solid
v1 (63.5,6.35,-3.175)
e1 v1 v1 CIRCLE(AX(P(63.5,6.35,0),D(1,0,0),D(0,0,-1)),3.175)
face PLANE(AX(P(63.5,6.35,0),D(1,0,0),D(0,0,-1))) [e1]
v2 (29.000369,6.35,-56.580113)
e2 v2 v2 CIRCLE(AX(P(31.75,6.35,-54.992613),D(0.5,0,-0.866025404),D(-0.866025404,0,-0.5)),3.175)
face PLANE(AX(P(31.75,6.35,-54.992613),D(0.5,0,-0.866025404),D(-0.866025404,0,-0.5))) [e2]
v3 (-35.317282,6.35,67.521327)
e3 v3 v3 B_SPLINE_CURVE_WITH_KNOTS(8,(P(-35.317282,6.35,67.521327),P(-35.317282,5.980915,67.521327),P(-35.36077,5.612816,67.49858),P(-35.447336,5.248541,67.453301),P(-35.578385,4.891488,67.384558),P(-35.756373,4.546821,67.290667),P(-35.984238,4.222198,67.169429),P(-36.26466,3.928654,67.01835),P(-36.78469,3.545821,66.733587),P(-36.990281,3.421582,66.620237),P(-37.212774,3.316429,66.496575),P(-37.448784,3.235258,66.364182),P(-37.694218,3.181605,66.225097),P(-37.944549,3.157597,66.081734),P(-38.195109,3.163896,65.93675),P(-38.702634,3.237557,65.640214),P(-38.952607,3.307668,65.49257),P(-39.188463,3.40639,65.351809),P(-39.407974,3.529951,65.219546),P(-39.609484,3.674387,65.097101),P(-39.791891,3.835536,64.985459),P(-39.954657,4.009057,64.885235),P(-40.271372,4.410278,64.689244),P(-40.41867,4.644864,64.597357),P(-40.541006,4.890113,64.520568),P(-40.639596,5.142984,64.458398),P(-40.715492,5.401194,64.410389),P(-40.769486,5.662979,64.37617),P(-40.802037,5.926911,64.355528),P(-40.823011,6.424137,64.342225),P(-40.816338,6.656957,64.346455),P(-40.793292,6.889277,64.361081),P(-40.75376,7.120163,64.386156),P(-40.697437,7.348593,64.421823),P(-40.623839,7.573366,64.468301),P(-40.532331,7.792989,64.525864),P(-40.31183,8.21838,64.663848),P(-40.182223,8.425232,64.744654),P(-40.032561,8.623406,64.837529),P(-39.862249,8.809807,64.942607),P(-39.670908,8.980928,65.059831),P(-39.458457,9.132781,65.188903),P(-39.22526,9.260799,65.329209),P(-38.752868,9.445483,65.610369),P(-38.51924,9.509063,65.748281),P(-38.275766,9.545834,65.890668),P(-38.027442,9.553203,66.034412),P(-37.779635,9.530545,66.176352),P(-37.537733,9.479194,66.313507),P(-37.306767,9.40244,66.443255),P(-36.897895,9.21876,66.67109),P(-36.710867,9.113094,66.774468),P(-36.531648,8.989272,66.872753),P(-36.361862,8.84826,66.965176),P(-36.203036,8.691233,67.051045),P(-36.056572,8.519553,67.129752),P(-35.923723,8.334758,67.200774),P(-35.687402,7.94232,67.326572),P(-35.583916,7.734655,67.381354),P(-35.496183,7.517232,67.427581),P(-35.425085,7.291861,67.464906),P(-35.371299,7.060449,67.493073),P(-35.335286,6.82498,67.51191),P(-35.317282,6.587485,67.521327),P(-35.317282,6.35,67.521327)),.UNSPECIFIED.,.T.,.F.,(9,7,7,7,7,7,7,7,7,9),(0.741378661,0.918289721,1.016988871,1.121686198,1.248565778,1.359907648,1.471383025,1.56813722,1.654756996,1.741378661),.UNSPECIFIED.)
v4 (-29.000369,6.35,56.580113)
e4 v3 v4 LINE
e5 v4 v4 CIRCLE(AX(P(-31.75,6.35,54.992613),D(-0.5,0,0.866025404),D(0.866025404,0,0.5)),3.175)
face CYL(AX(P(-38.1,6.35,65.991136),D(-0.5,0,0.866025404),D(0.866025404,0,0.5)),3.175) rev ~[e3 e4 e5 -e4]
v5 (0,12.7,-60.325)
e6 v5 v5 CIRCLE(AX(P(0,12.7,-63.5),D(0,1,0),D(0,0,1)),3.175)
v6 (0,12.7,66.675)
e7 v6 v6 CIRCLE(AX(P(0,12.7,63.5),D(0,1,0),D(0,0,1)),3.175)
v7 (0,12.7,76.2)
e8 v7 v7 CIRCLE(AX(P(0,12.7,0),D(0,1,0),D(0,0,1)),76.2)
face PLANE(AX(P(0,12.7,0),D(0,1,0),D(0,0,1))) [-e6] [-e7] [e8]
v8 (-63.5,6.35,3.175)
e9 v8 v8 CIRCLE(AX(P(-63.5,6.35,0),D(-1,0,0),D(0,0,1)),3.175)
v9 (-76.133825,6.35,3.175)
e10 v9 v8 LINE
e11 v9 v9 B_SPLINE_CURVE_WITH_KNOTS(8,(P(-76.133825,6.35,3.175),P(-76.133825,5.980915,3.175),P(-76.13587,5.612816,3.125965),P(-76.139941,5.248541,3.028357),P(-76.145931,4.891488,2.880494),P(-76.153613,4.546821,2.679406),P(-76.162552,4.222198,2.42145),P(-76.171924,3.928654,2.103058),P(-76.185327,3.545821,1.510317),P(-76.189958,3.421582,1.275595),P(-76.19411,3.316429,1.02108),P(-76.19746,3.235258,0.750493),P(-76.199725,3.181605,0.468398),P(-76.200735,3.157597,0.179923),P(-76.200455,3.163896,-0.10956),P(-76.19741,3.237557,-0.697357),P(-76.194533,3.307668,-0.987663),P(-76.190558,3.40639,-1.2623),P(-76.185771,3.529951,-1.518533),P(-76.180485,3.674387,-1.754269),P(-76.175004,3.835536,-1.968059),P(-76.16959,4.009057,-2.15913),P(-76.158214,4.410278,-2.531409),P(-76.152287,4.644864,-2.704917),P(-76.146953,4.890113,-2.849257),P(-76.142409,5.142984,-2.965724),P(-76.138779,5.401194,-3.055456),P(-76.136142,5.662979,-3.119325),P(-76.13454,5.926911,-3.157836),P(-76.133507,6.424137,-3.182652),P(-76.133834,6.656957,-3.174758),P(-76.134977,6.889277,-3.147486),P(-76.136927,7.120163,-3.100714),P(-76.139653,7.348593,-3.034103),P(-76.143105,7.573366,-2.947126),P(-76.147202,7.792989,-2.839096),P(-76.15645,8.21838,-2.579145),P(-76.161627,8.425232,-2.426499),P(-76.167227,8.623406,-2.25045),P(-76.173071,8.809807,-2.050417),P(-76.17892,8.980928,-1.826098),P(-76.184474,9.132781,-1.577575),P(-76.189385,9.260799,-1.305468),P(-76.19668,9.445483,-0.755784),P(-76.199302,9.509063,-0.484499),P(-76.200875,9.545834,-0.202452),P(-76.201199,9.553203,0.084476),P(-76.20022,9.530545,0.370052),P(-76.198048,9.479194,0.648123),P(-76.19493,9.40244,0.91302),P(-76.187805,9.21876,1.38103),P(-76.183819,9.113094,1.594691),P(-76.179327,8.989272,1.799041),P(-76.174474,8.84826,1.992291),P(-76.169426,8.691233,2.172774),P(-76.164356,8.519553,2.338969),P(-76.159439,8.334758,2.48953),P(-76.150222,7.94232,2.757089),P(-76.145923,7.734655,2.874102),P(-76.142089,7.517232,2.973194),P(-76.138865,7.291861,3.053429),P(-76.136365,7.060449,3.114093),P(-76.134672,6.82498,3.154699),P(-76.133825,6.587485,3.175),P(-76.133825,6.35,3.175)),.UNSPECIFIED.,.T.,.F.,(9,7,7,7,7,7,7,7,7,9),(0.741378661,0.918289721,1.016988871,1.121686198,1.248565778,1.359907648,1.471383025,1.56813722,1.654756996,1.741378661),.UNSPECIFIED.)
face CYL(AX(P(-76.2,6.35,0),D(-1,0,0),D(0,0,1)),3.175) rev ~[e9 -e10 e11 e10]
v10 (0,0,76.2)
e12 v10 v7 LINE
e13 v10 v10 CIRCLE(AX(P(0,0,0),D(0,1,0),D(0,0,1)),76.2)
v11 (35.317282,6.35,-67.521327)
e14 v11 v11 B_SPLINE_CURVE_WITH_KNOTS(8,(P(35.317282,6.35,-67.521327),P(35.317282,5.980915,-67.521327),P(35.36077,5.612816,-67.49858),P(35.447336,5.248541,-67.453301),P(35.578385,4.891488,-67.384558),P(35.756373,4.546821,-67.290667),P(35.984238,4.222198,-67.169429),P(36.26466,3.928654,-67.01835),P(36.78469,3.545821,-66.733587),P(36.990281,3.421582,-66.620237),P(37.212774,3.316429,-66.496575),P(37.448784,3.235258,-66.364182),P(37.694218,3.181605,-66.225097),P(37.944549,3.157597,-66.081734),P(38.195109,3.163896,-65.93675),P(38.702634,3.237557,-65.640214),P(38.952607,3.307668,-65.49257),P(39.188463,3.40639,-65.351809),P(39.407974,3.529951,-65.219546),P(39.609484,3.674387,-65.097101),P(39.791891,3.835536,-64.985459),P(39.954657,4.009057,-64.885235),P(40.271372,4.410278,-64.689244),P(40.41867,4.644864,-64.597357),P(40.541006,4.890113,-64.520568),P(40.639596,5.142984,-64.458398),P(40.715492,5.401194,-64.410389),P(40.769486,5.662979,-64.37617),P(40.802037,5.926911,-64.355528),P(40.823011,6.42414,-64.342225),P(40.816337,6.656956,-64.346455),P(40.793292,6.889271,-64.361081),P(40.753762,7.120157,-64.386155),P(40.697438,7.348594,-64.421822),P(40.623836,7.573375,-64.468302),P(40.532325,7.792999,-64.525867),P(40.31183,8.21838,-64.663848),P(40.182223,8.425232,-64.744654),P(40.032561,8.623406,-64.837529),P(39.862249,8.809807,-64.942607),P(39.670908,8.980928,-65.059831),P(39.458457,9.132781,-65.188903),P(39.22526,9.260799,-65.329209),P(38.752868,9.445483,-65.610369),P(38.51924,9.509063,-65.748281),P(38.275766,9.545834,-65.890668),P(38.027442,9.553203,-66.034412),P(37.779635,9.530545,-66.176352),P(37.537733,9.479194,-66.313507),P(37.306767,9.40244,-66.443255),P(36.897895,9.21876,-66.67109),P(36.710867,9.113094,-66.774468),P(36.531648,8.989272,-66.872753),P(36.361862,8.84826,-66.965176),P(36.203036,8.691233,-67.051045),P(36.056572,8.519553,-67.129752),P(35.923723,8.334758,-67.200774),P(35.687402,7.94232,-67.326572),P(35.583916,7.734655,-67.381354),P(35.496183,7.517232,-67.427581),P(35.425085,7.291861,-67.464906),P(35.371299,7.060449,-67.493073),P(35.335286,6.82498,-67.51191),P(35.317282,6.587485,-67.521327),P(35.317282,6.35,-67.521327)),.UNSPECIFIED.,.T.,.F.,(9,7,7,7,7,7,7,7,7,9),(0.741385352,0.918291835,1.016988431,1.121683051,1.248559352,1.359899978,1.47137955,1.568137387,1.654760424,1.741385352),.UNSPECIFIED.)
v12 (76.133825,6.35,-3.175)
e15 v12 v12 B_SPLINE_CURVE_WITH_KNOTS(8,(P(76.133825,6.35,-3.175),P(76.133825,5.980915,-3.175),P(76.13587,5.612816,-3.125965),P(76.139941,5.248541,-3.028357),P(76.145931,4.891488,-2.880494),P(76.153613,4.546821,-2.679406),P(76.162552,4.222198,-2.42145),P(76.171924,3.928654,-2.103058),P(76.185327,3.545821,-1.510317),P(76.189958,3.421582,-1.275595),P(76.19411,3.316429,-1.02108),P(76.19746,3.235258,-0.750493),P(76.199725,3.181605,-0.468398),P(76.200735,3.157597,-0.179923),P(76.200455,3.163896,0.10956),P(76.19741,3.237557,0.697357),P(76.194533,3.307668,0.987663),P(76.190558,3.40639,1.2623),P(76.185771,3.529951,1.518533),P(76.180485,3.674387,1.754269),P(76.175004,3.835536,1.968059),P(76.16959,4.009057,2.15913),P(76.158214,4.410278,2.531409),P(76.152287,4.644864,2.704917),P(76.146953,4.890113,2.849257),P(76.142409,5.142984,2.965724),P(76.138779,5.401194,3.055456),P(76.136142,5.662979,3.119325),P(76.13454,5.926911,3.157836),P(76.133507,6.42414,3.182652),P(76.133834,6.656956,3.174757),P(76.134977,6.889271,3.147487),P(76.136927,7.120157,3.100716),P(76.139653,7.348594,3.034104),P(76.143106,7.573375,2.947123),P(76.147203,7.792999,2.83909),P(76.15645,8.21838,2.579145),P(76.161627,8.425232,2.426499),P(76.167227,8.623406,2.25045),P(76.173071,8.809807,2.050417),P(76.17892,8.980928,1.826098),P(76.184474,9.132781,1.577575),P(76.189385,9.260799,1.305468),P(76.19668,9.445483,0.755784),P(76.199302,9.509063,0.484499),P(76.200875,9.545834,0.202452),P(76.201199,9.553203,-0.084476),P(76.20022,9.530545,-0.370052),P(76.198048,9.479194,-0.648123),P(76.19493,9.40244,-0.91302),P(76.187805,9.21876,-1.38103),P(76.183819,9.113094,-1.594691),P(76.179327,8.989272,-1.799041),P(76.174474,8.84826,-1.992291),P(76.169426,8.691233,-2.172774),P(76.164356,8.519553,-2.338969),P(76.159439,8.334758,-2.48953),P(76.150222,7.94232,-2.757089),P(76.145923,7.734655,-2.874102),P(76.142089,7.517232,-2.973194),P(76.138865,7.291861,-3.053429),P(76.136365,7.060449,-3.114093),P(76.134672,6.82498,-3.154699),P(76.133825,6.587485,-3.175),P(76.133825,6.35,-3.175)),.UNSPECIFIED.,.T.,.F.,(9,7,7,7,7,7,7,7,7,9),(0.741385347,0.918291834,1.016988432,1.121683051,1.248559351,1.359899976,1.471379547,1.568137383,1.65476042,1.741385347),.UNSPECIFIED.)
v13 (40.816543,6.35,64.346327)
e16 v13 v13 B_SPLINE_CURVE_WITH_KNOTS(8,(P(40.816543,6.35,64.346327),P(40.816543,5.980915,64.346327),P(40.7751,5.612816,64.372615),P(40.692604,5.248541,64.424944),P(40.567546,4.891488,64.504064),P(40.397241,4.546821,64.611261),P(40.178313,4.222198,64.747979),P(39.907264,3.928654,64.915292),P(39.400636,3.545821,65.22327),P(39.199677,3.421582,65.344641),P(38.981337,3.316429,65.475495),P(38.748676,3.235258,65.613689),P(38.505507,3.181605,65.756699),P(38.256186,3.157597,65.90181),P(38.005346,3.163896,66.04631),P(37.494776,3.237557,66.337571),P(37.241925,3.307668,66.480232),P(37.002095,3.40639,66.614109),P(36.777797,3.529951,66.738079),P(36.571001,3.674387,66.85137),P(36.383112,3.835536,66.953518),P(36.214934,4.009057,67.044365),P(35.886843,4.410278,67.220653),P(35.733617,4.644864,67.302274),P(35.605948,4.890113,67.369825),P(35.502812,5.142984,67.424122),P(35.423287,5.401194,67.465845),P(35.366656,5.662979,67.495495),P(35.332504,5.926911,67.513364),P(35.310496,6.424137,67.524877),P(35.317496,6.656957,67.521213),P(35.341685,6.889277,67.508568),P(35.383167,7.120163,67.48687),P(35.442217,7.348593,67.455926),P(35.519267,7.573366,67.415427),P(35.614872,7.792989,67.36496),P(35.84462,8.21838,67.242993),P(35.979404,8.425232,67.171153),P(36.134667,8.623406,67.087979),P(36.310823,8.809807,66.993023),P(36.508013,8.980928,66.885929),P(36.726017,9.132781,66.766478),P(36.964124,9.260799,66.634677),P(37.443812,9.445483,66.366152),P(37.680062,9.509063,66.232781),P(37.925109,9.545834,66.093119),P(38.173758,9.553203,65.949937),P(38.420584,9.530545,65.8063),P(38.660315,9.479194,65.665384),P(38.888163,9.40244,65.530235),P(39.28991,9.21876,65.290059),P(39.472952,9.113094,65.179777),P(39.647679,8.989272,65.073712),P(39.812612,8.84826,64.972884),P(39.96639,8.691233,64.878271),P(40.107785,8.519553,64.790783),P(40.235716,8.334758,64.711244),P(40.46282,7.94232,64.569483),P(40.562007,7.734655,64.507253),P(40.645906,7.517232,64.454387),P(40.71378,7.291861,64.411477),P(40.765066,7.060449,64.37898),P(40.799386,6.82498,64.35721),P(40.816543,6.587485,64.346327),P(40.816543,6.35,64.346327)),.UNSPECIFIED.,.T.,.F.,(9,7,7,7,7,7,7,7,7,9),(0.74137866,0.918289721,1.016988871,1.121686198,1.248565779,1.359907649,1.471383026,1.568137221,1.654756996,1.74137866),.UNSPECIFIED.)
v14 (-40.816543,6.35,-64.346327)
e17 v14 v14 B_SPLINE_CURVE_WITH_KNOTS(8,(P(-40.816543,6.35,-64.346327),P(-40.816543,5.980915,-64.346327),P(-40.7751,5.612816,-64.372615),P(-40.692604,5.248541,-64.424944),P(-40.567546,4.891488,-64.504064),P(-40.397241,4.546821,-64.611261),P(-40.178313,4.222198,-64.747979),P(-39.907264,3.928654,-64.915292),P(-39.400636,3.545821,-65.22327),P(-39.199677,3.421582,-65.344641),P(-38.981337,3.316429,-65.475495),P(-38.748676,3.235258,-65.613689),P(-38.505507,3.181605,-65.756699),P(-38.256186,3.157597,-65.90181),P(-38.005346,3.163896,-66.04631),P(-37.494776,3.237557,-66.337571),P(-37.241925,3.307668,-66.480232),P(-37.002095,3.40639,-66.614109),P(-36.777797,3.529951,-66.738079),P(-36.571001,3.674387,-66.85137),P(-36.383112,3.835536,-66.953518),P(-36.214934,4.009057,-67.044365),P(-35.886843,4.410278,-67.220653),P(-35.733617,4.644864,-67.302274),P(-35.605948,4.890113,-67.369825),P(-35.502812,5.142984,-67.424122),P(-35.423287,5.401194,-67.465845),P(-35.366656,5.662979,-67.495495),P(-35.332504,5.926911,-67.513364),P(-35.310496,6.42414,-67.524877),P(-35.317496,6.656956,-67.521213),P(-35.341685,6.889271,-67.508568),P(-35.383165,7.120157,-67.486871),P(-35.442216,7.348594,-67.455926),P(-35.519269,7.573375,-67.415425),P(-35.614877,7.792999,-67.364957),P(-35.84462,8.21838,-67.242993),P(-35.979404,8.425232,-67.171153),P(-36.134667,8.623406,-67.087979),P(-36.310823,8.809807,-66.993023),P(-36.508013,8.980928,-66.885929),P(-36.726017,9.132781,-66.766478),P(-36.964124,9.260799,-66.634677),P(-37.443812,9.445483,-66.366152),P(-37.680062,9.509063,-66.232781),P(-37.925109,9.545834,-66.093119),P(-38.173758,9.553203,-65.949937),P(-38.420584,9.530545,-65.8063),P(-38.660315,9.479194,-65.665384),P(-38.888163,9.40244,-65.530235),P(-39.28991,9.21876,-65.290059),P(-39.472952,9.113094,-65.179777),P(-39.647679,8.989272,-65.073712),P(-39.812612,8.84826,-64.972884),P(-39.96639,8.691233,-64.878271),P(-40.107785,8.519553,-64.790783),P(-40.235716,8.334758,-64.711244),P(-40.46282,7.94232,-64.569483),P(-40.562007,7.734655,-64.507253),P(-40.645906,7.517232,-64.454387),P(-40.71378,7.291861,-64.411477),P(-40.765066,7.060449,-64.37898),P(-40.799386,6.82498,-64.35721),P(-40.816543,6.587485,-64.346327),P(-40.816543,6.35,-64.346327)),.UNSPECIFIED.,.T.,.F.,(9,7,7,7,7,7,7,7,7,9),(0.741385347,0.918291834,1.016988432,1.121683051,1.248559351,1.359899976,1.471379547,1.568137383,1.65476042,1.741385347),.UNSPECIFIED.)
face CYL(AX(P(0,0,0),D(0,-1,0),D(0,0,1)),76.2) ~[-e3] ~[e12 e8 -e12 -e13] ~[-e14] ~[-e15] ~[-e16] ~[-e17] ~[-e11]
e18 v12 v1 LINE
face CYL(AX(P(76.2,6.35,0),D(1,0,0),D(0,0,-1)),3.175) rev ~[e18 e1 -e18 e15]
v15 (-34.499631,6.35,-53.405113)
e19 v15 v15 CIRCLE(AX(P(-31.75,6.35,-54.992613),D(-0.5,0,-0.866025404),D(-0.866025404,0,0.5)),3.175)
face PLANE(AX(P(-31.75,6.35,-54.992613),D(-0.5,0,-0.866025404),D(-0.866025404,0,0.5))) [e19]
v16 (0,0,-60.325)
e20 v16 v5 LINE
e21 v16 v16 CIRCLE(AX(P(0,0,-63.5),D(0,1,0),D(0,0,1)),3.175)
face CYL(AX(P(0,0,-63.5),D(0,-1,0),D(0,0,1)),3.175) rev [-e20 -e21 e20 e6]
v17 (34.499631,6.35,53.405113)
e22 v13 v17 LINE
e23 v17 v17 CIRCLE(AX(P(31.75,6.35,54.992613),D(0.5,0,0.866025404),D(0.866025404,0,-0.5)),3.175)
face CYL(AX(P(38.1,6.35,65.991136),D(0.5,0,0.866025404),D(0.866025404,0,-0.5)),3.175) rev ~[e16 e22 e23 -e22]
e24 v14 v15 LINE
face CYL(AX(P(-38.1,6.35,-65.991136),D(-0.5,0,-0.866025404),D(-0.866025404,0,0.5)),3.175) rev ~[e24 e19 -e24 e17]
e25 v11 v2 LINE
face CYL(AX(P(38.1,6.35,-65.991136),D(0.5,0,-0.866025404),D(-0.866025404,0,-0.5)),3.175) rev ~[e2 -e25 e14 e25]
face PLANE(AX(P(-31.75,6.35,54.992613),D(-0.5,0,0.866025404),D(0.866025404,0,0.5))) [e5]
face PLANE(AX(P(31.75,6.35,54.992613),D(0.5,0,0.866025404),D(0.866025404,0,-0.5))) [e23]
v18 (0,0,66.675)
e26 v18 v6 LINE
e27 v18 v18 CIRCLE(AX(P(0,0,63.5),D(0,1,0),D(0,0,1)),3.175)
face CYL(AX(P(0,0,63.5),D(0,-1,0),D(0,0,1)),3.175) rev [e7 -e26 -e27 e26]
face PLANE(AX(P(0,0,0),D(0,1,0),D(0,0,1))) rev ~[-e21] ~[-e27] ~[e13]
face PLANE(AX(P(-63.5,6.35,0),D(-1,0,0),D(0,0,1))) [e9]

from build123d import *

# Parameters (mm, degrees)
SKETCH1_R           = 76.2
SKETCH1_R_2         = 3.175
BOSS_EXTRUDE1_DEPTH = 12.7
SKETCH2_R           = 3.175
CUT_EXTRUDE1_DEPTH  = 12.7
CIRPATTERN1_COUNT   = 6


with BuildPart() as part:
    # Sketch1 → Boss-Extrude1 (new body)
    with BuildSketch(Plane(origin=(0, 0, 0), x_dir=(1, 0, 0), z_dir=(0, 1, 0))):
        with Locations(Location((0, 0, 0), (0, 0, 270))):
            Circle(SKETCH1_R)
        with Locations(Location((0, -63.5, 0), (0, 0, 270))):
            Circle(SKETCH1_R_2, mode=Mode.SUBTRACT)
        with Locations(Location((0, 63.5, 0), (0, 0, 270))):
            Circle(SKETCH1_R_2, mode=Mode.SUBTRACT)
    extrude(amount=BOSS_EXTRUDE1_DEPTH)

    # Sketch2 → Cut-Extrude1 (cut)
    with BuildSketch(Plane(origin=(76.2, 0, 0), x_dir=(0, 0, -1), z_dir=(1, 0, 0))):
        with Locations((0, 6.35)):
            Circle(SKETCH2_R)
    cut_extrude1 = extrude(amount=-CUT_EXTRUDE1_DEPTH, mode=Mode.SUBTRACT)

    # CirPattern1: Cut-Extrude1 ×6 about axis
    cirpattern1_axis = Axis((0, 0, 0), (0, 1, 0))
    for i in range(1, CIRPATTERN1_COUNT):
        add(cut_extrude1.rotate(cirpattern1_axis, i * 360 / CIRPATTERN1_COUNT), mode=Mode.SUBTRACT)


solid = part.part
